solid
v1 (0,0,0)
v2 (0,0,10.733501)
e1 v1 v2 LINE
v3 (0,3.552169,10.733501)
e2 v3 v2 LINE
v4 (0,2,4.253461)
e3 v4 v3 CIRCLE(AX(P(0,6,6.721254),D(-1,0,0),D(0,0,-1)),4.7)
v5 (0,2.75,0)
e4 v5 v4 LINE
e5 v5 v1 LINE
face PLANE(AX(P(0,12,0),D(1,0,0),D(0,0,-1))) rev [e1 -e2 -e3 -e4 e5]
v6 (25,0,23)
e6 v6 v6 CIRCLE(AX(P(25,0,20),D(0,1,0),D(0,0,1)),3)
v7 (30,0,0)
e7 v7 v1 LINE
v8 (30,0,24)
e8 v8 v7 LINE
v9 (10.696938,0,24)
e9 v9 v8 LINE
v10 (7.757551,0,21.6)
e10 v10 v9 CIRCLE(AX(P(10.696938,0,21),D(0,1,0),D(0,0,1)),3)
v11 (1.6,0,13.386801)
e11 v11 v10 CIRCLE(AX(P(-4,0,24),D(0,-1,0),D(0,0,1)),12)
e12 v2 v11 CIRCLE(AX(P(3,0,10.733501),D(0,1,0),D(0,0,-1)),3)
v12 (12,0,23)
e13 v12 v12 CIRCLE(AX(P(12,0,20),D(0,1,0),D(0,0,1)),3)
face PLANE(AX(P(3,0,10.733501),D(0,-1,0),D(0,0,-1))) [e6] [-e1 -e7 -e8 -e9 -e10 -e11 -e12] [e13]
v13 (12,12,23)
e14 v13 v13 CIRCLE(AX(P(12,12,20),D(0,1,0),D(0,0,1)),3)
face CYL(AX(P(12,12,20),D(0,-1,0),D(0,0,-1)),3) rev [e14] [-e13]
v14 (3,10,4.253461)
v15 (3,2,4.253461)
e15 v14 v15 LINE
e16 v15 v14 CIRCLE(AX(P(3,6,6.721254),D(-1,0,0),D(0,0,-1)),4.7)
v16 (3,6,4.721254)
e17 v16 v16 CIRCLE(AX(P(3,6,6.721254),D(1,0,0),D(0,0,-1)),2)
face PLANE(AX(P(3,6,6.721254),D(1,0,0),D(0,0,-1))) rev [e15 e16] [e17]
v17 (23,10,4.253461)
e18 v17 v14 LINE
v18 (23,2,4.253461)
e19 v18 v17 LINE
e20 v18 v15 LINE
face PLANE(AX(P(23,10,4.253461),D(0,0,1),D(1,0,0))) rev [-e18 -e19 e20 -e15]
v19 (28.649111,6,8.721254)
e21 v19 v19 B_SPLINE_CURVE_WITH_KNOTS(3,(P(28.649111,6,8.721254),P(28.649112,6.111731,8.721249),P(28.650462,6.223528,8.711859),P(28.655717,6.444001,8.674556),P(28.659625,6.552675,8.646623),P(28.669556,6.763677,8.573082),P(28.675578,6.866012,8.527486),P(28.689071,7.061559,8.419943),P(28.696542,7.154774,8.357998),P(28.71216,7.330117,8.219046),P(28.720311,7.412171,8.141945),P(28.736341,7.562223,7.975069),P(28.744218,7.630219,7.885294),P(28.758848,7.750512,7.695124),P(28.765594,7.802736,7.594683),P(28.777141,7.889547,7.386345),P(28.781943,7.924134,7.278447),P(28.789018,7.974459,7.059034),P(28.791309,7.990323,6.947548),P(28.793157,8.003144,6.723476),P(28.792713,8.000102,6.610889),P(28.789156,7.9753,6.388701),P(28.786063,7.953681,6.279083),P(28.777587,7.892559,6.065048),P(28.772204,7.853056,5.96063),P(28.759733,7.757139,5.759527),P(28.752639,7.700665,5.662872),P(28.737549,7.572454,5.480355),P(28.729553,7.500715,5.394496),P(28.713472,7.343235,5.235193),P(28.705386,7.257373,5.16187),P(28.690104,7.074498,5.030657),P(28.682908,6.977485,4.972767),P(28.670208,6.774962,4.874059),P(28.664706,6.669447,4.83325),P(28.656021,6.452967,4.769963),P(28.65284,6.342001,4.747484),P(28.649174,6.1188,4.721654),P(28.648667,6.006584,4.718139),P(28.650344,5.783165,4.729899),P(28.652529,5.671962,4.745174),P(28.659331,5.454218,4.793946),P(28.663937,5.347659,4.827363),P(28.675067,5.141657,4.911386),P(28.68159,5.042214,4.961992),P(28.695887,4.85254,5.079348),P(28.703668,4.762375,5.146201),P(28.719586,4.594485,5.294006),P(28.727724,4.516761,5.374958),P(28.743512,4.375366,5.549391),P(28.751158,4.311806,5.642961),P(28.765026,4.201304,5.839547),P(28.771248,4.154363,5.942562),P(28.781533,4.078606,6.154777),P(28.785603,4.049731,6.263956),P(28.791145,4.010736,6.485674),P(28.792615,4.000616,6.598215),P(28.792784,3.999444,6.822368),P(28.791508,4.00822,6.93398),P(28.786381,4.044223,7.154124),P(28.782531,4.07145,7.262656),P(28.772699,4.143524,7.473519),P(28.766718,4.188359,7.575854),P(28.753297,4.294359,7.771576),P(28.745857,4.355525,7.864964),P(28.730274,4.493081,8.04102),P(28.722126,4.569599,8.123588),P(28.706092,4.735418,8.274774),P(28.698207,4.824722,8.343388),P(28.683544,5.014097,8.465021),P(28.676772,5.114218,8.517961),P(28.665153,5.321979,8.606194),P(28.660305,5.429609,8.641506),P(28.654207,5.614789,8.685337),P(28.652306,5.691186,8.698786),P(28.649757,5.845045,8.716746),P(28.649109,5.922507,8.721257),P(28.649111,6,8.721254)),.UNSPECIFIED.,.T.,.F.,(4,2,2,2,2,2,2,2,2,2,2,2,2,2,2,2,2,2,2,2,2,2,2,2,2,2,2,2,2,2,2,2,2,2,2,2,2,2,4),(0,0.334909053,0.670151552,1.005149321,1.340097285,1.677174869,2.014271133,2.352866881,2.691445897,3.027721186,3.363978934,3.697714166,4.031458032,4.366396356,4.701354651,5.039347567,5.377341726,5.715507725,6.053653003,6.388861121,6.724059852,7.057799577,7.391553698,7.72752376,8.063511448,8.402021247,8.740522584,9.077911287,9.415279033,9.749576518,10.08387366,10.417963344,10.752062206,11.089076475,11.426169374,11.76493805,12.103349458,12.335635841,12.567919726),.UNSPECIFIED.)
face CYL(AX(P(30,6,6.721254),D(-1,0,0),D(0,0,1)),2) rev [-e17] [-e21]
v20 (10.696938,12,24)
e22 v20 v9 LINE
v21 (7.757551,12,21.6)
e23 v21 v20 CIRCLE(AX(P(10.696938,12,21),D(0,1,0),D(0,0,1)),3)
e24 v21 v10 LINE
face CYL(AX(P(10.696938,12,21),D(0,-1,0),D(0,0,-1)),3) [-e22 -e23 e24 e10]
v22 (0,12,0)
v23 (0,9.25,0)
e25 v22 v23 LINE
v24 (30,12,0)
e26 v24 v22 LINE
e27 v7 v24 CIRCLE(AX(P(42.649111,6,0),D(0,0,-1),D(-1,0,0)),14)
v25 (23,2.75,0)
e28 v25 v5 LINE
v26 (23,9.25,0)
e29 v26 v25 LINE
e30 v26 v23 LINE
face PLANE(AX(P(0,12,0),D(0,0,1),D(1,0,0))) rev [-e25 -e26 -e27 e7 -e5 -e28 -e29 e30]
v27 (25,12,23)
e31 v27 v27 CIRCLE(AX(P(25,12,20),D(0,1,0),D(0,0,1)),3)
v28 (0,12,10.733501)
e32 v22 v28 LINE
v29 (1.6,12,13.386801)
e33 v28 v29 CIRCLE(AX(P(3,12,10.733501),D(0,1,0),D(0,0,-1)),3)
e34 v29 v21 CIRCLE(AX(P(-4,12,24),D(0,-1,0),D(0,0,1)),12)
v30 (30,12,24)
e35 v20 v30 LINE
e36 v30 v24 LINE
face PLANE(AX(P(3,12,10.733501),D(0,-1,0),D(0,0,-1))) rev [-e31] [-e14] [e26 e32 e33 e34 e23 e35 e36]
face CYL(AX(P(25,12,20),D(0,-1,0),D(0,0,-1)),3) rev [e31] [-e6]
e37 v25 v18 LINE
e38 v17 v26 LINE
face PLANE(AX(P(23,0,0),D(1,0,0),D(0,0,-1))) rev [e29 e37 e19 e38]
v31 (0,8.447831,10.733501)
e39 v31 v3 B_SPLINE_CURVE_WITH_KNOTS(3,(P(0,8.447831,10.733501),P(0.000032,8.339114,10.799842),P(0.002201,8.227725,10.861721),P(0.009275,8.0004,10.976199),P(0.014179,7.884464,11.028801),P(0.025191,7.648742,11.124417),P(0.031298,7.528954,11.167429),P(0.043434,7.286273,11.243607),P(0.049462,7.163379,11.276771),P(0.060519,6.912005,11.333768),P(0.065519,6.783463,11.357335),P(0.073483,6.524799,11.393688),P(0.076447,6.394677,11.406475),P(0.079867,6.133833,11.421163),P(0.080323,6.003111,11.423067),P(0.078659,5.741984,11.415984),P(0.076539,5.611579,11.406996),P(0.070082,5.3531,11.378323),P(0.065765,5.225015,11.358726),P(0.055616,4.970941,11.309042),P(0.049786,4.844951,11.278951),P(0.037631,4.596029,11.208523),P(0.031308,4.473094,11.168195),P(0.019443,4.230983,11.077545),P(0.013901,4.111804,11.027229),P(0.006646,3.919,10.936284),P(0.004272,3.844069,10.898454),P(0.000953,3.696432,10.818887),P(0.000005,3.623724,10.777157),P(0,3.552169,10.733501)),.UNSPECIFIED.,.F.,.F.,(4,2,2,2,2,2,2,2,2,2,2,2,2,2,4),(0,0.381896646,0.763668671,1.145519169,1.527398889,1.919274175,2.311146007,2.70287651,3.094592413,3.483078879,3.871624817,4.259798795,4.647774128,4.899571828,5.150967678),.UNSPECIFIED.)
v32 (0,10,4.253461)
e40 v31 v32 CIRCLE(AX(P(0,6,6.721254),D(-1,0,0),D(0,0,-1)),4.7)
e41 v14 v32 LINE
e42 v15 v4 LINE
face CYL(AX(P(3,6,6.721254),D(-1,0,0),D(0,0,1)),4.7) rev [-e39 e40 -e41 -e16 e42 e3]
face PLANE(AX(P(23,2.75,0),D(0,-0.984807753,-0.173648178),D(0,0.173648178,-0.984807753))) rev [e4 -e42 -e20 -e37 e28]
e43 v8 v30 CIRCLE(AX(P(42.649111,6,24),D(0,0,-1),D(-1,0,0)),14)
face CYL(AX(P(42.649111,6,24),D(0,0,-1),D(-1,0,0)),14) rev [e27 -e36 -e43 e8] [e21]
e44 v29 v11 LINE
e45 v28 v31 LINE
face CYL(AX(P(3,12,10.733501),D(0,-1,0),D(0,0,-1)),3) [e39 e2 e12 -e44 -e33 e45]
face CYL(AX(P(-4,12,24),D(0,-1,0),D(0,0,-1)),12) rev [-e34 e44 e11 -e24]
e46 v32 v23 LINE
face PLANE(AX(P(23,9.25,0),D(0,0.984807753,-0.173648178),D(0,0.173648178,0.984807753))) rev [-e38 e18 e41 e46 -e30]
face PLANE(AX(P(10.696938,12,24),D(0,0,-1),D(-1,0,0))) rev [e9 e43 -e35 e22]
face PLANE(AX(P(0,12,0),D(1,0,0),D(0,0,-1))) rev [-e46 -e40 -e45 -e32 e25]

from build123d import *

# Parameters (mm, degrees)
SKETCH_1_R          = 3
EXTRUDE_1_DEPTH     = 12
CUT_EXTRUDE_1_DEPTH = 41.249223595
CUT_EXTRUDE_2_DEPTH = 23
SKETCH_4_R          = 2
CUT_EXTRUDE_3_DEPTH = 3
SKETCH_4_2_R        = 2
CUT_EXTRUDE_4_DEPTH = 41.249223625


with BuildPart() as part:
    # 草图1 → 凸台-拉伸1 (new body)
    with BuildSketch(Plane(origin=(0, 0, 0), x_dir=(1, 0, 0), z_dir=(0, 1, 0))):
        with BuildLine():
            Line((0, 0), (30, 0))
            Line((30, 0), (30, -24))
            Line((30, -24), (10.696938457, -24))
            ThreePointArc((10.696938457, -24), (8.799571861, -23.323790008), (7.757550765, -21.6))
            ThreePointArc((7.757550765, -21.6), (5.601317771, -16.801757364), (1.6, -13.386800671))
            ThreePointArc((1.6, -13.386800671), (0.430953484, -12.282694177), (0, -10.733500839))
            Line((0, -10.733500839), (0, 0))
        make_face()
        with Locations((12, -20)):
            Circle(SKETCH_1_R, mode=Mode.SUBTRACT)
        with Locations((25, -20)):
            Circle(SKETCH_1_R, mode=Mode.SUBTRACT)
    extrude(amount=EXTRUDE_1_DEPTH)

    # 草图2 → 切除-拉伸1 (cut, through all)
    with BuildSketch(Plane(origin=(0, 0, 0), x_dir=(-1, 0, 0), z_dir=(0, 0, -1))):
        with BuildLine():
            Line((-30, 12), (-30, 0))
            ThreePointArc((-30, 0), (-28.649110641, 6), (-30, 12))
        make_face()
    extrude(amount=-CUT_EXTRUDE_1_DEPTH, mode=Mode.SUBTRACT)

    # 草图3 → 切除-拉伸2 (cut)
    with BuildSketch(Plane.ZY):
        Polygon((0, 2.75), (0, 9.25), (4.253461365, 10), (4.253461365, 2), align=None)
    extrude(amount=-CUT_EXTRUDE_2_DEPTH, mode=Mode.SUBTRACT)

    # 草图4 → 切除-拉伸3 (cut)
    with BuildSketch(Plane.ZY):
        with BuildLine():
            Line((4.253461365, 10), (4.253461365, 2))
            ThreePointArc((4.253461365, 2), (11.421253901, 6), (4.253461365, 10))
        make_face()
        with Locations((6.721253901, 6)):
            Circle(SKETCH_4_R, mode=Mode.SUBTRACT)
    extrude(amount=-CUT_EXTRUDE_3_DEPTH, mode=Mode.SUBTRACT)

    # 草图4<2> → 切除-拉伸4 (cut, through all)
    with BuildSketch(Plane.ZY):
        with Locations((6.721253901, 6)):
            Circle(SKETCH_4_2_R)
    extrude(amount=-CUT_EXTRUDE_4_DEPTH, mode=Mode.SUBTRACT)


solid = part.part
